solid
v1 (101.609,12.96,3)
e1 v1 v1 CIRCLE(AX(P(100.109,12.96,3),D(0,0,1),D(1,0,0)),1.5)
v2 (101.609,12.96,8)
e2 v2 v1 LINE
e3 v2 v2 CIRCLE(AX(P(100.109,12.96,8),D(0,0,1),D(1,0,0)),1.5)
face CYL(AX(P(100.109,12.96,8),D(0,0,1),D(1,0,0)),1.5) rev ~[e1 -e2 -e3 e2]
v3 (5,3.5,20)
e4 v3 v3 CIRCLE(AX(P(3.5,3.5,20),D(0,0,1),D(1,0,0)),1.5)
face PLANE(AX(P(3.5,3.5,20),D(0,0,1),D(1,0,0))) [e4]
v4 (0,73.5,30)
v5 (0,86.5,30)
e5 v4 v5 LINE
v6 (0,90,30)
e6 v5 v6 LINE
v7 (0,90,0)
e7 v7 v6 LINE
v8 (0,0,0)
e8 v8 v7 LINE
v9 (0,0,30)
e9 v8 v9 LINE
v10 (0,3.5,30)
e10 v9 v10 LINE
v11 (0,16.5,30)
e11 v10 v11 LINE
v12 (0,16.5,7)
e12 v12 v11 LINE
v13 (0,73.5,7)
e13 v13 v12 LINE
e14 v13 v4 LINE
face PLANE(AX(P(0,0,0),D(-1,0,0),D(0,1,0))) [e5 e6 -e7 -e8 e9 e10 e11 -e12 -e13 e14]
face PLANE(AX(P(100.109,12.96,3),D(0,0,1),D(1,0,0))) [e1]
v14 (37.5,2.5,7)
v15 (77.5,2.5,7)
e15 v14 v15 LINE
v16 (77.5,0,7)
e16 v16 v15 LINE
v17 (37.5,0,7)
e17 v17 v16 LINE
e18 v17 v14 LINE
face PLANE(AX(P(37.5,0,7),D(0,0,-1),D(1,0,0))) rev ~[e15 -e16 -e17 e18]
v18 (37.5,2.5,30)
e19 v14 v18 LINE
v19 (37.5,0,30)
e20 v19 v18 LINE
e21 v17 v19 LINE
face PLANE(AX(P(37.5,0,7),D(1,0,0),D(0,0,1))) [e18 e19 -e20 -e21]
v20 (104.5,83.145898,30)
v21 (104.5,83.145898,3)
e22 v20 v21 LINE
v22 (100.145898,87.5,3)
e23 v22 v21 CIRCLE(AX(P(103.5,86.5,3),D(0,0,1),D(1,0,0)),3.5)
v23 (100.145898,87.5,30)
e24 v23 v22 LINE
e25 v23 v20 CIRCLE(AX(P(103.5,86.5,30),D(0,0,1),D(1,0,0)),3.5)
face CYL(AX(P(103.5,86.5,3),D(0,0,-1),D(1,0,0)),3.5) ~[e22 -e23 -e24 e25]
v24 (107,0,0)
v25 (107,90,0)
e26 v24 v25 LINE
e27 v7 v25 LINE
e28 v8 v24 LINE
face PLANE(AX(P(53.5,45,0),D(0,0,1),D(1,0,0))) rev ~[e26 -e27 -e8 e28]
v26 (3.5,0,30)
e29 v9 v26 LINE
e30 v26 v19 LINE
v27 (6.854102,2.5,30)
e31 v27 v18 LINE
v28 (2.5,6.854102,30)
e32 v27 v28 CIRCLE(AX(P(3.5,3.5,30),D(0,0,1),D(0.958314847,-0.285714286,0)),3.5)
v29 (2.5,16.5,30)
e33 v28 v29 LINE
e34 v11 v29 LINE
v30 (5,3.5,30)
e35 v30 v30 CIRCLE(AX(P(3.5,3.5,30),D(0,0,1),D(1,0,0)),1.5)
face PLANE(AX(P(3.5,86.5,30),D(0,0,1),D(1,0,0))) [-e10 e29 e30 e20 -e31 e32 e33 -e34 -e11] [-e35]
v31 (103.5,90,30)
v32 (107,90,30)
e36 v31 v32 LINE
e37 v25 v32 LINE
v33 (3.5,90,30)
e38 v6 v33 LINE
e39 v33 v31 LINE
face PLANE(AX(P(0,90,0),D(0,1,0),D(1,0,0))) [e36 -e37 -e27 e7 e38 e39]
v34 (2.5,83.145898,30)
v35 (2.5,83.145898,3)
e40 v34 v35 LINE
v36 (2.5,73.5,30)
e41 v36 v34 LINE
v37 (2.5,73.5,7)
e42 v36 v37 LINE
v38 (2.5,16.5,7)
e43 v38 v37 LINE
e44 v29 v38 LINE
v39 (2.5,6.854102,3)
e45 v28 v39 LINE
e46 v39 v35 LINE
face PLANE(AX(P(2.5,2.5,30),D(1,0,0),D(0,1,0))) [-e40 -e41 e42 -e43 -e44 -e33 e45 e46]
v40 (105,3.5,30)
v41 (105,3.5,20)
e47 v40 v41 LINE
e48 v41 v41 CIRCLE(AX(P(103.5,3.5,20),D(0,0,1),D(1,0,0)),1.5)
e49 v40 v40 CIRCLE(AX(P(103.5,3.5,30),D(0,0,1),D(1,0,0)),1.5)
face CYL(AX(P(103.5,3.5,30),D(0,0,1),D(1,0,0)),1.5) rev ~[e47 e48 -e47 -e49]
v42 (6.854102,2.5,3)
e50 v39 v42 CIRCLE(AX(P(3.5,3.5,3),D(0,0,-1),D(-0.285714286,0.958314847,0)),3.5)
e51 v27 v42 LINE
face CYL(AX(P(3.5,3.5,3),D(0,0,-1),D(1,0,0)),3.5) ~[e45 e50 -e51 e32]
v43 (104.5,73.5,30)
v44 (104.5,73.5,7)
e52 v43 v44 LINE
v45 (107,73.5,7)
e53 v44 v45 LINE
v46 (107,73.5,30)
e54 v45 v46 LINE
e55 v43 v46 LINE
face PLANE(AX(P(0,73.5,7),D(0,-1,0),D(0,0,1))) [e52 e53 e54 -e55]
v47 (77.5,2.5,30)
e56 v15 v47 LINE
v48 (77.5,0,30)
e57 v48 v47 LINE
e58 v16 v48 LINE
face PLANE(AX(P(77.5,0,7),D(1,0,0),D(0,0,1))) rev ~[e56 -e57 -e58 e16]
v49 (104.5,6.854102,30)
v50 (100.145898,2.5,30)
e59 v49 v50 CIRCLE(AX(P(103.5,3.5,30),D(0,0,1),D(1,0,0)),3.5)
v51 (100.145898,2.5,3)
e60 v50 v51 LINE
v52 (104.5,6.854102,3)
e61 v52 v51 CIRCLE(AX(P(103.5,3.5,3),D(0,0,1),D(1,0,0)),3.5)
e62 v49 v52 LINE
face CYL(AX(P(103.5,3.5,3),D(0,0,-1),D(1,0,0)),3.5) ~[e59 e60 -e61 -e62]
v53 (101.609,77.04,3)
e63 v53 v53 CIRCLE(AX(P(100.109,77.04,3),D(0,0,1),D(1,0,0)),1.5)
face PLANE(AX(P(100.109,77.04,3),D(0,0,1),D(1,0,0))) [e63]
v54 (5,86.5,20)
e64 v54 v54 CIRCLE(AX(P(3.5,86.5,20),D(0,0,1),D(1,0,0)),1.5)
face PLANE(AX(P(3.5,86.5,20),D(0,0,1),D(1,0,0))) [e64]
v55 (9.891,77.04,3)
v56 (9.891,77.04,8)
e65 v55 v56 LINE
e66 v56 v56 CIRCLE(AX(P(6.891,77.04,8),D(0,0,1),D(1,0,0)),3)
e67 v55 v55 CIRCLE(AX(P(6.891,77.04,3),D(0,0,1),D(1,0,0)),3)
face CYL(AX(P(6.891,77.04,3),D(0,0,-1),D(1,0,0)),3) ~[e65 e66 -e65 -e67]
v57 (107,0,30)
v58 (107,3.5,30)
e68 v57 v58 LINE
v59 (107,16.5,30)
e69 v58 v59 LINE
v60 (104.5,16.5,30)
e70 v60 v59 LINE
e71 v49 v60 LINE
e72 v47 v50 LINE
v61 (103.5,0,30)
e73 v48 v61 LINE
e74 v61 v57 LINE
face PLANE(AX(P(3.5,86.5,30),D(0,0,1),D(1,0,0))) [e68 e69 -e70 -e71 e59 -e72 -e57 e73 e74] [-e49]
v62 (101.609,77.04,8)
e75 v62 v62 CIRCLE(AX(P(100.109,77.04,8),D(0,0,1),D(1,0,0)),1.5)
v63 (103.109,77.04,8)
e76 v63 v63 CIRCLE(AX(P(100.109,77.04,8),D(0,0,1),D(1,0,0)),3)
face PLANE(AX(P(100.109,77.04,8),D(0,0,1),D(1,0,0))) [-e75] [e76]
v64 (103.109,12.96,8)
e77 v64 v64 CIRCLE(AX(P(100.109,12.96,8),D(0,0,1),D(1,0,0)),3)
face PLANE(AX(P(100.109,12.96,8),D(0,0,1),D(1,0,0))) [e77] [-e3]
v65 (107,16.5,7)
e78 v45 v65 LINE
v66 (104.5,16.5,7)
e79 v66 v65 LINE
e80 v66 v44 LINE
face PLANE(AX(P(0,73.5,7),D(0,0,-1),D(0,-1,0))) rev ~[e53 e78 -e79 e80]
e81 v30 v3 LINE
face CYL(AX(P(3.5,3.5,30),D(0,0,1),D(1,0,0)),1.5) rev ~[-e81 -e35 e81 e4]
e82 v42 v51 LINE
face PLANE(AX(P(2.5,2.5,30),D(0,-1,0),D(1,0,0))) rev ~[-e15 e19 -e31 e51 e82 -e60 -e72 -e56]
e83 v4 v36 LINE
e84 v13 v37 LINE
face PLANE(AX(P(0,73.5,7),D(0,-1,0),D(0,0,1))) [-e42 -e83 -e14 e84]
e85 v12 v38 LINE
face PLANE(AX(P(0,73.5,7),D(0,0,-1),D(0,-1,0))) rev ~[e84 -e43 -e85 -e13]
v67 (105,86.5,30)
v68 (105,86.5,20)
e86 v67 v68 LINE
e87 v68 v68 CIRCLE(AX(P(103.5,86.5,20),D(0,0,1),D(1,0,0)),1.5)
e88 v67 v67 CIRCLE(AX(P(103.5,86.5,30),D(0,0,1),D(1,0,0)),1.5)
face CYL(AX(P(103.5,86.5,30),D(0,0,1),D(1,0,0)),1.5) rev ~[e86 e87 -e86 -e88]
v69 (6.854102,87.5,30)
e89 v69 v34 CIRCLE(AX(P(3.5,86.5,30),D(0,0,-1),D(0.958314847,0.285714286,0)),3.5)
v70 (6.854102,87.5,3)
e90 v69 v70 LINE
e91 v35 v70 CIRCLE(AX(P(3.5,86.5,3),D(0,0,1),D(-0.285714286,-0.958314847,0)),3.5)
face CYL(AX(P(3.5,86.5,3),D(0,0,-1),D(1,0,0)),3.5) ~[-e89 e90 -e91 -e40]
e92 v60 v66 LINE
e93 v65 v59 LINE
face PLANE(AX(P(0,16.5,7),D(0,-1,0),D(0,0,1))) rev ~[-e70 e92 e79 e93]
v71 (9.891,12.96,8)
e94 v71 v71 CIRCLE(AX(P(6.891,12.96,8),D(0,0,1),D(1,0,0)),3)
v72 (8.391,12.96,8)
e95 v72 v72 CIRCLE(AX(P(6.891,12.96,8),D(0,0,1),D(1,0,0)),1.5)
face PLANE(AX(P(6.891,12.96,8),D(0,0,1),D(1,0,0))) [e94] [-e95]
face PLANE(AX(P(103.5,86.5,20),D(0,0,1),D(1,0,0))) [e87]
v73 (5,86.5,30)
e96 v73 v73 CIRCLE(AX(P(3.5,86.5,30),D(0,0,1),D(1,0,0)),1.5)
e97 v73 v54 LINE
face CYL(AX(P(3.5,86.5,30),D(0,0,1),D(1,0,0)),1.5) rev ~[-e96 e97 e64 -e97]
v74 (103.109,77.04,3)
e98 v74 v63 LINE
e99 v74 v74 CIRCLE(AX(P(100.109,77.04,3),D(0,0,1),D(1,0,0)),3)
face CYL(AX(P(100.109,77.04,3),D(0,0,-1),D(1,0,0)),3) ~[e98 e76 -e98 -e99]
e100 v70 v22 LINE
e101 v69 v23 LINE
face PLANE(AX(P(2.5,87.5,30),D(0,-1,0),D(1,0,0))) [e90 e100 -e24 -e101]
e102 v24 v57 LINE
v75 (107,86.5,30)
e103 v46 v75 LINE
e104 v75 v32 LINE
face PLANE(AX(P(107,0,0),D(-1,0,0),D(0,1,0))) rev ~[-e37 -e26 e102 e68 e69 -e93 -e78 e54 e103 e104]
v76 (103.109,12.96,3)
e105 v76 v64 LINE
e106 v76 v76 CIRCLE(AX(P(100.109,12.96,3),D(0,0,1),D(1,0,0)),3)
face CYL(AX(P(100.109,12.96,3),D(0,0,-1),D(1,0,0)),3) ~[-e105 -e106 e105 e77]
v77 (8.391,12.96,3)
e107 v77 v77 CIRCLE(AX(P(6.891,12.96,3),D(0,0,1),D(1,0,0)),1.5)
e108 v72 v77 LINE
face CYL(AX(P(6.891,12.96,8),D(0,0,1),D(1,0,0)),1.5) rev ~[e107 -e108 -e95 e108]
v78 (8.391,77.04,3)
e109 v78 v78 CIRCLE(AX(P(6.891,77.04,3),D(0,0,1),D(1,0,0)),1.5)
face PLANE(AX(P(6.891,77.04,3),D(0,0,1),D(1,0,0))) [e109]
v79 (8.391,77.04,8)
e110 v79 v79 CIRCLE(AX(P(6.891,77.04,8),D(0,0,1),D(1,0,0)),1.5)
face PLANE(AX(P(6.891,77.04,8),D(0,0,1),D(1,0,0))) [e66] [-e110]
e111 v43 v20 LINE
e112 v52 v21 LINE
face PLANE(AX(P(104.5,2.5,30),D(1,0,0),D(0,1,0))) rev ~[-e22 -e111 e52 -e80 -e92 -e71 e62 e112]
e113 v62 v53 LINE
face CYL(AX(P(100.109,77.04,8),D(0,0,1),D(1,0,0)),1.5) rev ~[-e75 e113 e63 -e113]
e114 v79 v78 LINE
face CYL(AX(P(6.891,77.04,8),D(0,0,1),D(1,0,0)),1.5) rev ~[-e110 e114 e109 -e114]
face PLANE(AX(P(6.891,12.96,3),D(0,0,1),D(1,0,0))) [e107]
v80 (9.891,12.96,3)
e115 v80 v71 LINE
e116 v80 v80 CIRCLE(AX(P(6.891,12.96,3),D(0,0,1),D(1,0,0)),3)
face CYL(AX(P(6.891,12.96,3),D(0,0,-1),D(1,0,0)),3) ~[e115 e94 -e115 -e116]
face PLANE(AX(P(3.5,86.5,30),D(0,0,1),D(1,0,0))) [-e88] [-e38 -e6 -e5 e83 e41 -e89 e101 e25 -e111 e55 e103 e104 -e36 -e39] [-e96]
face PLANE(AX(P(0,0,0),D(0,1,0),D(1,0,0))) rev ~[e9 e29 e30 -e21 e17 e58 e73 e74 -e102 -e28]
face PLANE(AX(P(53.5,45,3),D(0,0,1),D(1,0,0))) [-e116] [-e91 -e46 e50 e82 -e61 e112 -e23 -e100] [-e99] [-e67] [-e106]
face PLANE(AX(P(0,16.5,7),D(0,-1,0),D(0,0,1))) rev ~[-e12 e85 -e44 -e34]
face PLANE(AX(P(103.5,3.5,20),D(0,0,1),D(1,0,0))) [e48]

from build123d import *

# Parameters (mm, degrees)
SKETCH_W        = 107
SKETCH_H        = 90
PAD_DEPTH       = 30
SKETCH001_W     = 102
SKETCH001_H     = 85
POCKET_DEPTH    = 27
SKETCH002_R     = 3.5
PAD001_DEPTH    = 27
SKETCH003_R     = 3
PAD002_DEPTH    = 5
SKETCH004_R     = 1.5
POCKET001_DEPTH = 5
SKETCH007_R     = 1.5
POCKET003_DEPTH = 10
SKETCH014_W     = 57
SKETCH014_H     = 23
POCKET010_DEPTH = 107.001
SKETCH015_W     = 40
SKETCH015_H     = 23
POCKET011_DEPTH = 2.5


with BuildPart() as part:
    # Sketch → Pad (new body)
    with BuildSketch(Plane.XY):
        with Locations((53.5, 45)):
            Rectangle(SKETCH_W, SKETCH_H)
    extrude(amount=PAD_DEPTH)

    # Sketch001 (on Face6 of Pad) → Pocket (cut)
    with BuildSketch(Plane.XY.offset(30)):
        with Locations((53.5, 45)):
            Rectangle(SKETCH001_W, SKETCH001_H)
    extrude(amount=-POCKET_DEPTH, mode=Mode.SUBTRACT)

    # Sketch002 (on Face11 of Pocket) → Pad001 (join)
    with BuildSketch(Plane.XY.offset(3)):
        with Locations((3.5, 86.5)):
            Circle(SKETCH002_R)
        with Locations((3.5, 3.5)):
            Circle(SKETCH002_R)
        with Locations((103.5, 86.5)):
            Circle(SKETCH002_R)
        with Locations((103.5, 3.5)):
            Circle(SKETCH002_R)
    extrude(amount=PAD001_DEPTH)

    # Sketch003 (on Face23 of Pad001) → Pad002 (join)
    with BuildSketch(Plane.XY.offset(3)):
        with Locations((6.891, 77.04)):
            Circle(SKETCH003_R)
        with Locations((6.891, 12.96)):
            Circle(SKETCH003_R)
        with Locations((100.109, 77.04)):
            Circle(SKETCH003_R)
        with Locations((100.109, 12.96)):
            Circle(SKETCH003_R)
    extrude(amount=PAD002_DEPTH)

    # Sketch004 (on Face39 of Pad002) → Pocket001 (cut)
    with BuildSketch(Plane.XY.offset(8)):
        with Locations((6.891, 77.04)):
            Circle(SKETCH004_R)
        with Locations((100.109, 77.04)):
            Circle(SKETCH004_R)
        with Locations((100.109, 12.96)):
            Circle(SKETCH004_R)
        with Locations((6.891, 12.96)):
            Circle(SKETCH004_R)
    extrude(amount=-POCKET001_DEPTH, mode=Mode.SUBTRACT)

    # Sketch007 (on Face17 of Pad001) → Pocket003 (cut)
    with BuildSketch(Plane.XY.offset(30)):
        with Locations((3.5, 86.5)):
            Circle(SKETCH007_R)
        with Locations((103.5, 86.5)):
            Circle(SKETCH007_R)
        with Locations((103.5, 3.5)):
            Circle(SKETCH007_R)
        with Locations((3.5, 3.5)):
            Circle(SKETCH007_R)
    extrude(amount=-POCKET003_DEPTH, mode=Mode.SUBTRACT)

    # Sketch014 → Pocket010 (cut, through all)
    with BuildSketch(Plane(origin=(0, 0, 0), x_dir=(0, -1, 0), z_dir=(-1, 0, 0))):
        with Locations((-45, 18.5)):
            Rectangle(SKETCH014_W, SKETCH014_H)
    extrude(amount=-POCKET010_DEPTH, mode=Mode.SUBTRACT)

    # Sketch015 (on Face1 of Pocket010) → Pocket011 (cut)
    with BuildSketch(Plane.XZ):
        with Locations((57.5, 18.5)):
            Rectangle(SKETCH015_W, SKETCH015_H)
    extrude(amount=-POCKET011_DEPTH, mode=Mode.SUBTRACT)


solid = part.part
